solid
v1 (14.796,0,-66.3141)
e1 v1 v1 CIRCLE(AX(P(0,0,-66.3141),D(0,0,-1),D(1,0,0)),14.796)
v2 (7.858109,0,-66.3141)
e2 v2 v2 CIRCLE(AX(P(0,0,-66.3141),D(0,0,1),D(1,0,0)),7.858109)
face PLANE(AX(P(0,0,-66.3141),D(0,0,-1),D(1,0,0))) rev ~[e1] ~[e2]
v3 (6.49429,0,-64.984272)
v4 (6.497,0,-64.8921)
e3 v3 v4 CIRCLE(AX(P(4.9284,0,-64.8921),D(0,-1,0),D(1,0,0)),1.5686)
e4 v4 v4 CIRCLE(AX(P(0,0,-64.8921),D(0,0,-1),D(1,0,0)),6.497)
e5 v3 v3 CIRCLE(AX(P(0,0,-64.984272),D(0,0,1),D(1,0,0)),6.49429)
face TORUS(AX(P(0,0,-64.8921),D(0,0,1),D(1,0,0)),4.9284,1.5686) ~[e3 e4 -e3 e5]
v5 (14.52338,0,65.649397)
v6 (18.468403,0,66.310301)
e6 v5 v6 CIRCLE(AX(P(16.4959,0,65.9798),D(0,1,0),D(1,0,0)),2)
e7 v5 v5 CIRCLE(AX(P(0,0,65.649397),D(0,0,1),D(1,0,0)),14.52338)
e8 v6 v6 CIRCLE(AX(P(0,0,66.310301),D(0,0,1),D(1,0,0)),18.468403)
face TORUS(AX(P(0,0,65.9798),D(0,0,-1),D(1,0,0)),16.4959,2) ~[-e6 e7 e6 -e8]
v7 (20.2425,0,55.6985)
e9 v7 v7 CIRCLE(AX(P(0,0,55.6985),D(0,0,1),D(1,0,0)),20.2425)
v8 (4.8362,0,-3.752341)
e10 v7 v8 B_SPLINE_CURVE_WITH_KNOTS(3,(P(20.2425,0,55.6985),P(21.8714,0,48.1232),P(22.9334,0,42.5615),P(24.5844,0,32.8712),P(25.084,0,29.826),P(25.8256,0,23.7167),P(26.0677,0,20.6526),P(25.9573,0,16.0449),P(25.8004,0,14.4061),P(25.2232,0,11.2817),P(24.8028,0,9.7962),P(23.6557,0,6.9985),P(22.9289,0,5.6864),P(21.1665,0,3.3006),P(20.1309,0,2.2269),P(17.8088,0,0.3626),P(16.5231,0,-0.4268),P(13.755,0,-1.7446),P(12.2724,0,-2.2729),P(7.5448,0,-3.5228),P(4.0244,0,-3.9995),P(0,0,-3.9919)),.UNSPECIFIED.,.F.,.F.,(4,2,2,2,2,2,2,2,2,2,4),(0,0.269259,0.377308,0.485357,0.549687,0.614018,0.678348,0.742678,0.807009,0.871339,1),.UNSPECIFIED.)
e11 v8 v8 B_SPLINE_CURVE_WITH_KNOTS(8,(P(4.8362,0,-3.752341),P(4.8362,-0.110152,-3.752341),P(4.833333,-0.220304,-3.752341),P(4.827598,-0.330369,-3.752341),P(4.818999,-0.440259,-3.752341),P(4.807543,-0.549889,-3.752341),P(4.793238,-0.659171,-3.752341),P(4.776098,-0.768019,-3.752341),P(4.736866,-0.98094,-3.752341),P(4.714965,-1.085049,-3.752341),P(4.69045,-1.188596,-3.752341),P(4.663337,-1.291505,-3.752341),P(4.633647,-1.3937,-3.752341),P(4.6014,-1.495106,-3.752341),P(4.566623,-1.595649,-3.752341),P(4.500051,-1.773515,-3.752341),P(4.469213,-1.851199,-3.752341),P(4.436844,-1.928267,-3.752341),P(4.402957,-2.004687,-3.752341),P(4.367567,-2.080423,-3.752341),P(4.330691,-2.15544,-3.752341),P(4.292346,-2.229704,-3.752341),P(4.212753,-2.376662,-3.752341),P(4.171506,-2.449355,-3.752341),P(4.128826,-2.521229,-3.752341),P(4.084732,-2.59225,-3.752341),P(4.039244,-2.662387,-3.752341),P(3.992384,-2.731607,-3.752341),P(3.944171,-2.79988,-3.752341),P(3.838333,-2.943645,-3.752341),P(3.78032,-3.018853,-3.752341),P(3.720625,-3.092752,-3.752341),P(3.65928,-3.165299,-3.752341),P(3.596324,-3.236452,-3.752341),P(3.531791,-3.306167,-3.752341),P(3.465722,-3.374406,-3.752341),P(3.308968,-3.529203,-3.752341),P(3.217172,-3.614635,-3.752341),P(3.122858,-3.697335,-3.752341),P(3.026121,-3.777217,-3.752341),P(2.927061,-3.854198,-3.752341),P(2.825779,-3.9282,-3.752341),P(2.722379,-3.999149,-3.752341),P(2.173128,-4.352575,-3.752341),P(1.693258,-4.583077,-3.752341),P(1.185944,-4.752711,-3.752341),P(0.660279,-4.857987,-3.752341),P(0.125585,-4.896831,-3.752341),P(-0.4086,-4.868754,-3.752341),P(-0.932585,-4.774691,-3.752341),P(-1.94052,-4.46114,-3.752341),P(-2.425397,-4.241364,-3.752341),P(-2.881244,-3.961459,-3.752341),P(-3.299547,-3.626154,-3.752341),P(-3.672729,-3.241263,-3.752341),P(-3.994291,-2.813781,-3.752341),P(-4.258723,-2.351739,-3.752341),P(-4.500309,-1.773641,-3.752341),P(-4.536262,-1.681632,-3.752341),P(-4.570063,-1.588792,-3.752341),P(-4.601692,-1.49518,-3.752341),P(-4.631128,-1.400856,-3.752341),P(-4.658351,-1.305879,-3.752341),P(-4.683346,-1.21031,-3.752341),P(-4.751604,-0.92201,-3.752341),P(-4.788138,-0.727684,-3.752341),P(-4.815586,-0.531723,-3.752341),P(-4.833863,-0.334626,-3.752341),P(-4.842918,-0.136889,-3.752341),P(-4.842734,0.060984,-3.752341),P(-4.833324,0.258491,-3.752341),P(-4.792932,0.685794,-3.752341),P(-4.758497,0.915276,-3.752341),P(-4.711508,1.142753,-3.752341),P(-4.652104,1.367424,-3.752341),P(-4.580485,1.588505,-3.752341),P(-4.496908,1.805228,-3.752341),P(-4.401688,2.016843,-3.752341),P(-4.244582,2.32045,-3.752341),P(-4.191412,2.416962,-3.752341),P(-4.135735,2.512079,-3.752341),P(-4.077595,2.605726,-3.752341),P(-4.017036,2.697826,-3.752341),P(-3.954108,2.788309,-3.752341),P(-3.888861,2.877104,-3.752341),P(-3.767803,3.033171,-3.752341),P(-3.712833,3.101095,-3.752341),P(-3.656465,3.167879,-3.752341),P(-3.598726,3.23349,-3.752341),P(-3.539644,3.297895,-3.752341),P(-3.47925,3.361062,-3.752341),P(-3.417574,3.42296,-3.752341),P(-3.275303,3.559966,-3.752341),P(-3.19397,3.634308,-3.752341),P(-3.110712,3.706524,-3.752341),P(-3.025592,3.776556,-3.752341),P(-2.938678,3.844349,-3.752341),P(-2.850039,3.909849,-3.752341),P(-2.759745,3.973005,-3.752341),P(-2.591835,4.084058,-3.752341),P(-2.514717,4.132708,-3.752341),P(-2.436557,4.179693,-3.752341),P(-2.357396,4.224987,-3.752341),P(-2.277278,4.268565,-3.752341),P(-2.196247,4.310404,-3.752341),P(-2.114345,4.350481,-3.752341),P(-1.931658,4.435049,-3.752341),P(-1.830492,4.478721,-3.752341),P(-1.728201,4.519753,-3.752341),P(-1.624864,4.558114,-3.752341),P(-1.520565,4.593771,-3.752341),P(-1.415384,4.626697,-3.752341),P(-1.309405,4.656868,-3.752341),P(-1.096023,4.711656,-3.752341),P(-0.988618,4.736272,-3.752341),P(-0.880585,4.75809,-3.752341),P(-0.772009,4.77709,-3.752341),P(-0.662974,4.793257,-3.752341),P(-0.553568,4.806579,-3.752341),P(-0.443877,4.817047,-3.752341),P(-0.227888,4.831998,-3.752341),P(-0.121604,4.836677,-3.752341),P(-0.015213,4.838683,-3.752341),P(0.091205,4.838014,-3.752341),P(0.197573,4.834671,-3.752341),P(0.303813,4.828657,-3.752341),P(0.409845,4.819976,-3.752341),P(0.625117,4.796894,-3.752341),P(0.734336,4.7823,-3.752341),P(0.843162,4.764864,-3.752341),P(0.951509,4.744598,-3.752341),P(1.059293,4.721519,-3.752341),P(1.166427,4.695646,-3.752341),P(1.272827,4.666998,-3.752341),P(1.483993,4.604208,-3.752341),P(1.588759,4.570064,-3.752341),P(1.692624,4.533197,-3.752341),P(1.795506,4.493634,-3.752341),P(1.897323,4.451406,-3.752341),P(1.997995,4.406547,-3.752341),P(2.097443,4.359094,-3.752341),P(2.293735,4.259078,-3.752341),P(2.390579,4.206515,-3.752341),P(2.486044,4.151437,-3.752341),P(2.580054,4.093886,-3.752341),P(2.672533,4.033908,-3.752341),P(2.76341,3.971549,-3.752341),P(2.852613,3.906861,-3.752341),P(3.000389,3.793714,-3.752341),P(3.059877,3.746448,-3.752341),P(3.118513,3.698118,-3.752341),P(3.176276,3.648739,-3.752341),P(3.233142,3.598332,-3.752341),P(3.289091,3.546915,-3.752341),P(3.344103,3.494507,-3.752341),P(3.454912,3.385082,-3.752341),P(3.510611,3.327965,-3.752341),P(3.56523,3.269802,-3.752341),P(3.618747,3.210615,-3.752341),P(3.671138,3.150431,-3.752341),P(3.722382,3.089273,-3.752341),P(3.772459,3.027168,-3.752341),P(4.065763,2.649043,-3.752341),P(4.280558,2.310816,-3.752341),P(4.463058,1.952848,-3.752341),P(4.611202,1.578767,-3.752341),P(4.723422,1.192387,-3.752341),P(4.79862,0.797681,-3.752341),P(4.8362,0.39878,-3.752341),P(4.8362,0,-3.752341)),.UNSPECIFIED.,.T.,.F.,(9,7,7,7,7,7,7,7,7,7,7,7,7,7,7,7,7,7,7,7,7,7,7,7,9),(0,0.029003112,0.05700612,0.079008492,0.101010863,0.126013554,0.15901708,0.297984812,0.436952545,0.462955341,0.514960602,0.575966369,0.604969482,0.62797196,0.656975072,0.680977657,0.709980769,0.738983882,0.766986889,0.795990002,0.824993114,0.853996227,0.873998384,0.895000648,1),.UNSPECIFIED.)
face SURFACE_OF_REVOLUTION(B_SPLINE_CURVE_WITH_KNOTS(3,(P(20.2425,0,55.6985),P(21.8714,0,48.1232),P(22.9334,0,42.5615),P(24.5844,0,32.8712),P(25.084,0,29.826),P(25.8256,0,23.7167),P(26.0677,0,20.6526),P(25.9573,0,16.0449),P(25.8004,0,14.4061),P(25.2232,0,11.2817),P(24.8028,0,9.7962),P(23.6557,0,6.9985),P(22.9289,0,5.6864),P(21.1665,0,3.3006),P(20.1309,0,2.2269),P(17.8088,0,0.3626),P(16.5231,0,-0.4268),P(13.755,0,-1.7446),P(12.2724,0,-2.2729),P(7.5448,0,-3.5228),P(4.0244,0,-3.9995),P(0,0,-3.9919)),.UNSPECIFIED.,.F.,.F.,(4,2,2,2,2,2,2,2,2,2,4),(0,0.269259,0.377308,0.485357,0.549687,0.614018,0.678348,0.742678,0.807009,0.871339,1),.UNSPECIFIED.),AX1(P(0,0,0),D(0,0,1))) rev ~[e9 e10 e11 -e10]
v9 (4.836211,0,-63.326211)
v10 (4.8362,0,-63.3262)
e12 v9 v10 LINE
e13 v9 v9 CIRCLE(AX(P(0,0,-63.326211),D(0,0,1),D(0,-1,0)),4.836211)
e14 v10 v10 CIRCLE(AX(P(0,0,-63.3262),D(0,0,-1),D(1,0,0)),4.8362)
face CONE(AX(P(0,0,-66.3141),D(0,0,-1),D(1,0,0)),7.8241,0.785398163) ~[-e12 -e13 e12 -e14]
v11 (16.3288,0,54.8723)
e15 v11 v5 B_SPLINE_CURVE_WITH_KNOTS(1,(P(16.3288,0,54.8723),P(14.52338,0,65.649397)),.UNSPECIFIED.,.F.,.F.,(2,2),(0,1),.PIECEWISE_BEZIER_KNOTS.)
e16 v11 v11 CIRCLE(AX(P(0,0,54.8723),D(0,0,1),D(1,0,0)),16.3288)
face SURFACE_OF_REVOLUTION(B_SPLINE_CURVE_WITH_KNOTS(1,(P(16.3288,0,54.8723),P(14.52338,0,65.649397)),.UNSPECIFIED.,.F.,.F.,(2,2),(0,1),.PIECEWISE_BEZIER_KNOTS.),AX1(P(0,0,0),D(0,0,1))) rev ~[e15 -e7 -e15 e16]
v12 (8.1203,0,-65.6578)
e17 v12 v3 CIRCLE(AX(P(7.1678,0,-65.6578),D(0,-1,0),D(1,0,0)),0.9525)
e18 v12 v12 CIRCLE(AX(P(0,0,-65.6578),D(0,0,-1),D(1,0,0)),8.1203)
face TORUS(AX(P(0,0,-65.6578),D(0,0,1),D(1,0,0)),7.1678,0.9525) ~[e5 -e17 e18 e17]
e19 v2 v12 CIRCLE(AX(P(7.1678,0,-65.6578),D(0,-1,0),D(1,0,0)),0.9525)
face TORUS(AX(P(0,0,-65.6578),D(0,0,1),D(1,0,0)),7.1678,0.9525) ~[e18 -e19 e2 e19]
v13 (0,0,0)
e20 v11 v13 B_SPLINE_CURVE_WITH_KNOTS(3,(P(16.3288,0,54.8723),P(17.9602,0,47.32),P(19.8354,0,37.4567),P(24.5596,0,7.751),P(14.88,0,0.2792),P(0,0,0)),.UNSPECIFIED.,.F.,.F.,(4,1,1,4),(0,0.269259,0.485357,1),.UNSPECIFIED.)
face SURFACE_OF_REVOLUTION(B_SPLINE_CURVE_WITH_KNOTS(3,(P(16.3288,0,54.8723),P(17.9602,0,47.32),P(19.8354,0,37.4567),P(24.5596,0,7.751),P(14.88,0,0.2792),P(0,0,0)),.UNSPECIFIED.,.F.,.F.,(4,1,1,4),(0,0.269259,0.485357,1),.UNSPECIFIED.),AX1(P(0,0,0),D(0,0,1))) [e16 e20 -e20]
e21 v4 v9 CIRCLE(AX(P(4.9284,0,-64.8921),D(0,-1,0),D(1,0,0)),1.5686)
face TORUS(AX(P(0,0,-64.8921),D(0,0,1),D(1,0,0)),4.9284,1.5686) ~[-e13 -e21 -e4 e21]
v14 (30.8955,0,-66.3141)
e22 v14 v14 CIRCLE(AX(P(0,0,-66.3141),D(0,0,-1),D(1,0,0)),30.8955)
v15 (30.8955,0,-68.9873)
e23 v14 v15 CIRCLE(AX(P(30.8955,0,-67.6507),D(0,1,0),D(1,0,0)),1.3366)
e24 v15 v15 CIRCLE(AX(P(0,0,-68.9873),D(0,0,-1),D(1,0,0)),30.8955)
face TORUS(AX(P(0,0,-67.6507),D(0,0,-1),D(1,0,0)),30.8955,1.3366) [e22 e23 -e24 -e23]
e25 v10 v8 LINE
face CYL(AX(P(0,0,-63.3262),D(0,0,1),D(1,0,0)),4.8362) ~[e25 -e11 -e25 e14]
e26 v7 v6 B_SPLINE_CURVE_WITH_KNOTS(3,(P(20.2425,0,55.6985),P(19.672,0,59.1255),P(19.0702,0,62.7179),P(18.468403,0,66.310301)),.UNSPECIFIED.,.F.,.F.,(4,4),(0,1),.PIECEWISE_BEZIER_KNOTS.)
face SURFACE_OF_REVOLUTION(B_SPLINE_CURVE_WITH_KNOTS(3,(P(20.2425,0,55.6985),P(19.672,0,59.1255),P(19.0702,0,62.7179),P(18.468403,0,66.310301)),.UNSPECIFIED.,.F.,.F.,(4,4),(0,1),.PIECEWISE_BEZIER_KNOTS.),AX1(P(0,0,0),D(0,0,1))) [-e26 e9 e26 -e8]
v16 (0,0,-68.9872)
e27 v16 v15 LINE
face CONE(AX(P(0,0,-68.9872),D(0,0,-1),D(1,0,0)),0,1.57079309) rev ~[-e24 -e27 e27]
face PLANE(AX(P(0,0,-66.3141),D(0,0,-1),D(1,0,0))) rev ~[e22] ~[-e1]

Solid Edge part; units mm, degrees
sketch "Sketch1" plane through (0, 0, 0) normal (0, -1, 0) x (1, 0, 0)
  spline S0 degree 3 poles (20.2425, 55.6985) (21.8714, 48.1232) (22.9334, 42.5615) (24.5844, 32.8712) (25.084, 29.826) (25.8256, 23.7167) (26.0677, 20.6526) (25.9573, 16.0449) (25.8004, 14.4061) (25.2232, 11.2817) (24.8028, 9.7962) (23.6557, 6.9985) (22.9289, 5.6864) (21.1665, 3.3006) (20.1309, 2.2269) (17.8088, 0.3626) (16.5231, -0.4268) (13.755, -1.7446) (12.2724, -2.2729) (7.5448, -3.5228) (4.0244, -3.9995) (0, -3.9919) knots 0 0 0 0 0.269259 0.269259 0.377308 0.377308 0.485357 0.485357 0.549687 0.549687 0.614018 0.614018 0.678348 0.678348 0.742678 0.742678 0.807009 0.807009 0.871339 0.871339 1 1 1 1
  line L0 (0, -3.9919) -> (0, 0)
  spline S1 degree 3 poles (16.3288, 54.8723) (17.9602, 47.32) (19.8354, 37.4567) (24.5596, 7.751) (14.88, 0.2792) (0, 0) knots 0 0 0 0 0.269259 0.485357 1 1 1 1
  spline S2 degree 1 poles (16.3288, 54.8723) (14.5234, 65.6494) knots 0 0 1 1
  spline S3 degree 3 poles (20.2425, 55.6985) (19.672, 59.1255) (19.0702, 62.7179) (18.4684, 66.3103) knots 0 0 0 0 1 1 1 1
  arc A0 (14.5234, 65.6494) -> (18.4684, 66.3103) centre (16.4959, 65.9798) cw
revolve "RevolvedProtrusion1" add sketch "Sketch1" angle 360 about axis through (0, 0, 0) along (0, 0, 1)
sketch "Sketch2" plane through (0, 0, 0) normal (0, -1, 0) x (1, 0, 0)
  line L0 (30.8955, -66.3141) -> (14.796, -66.3141)
  line L1 (14.796, -66.3141) -> (7.8241, -66.3141)
  line L2 (7.8241, -66.3141) -> (4.8362, -63.3262)
  line L3 (4.8362, -63.3262) -> (4.8362, -3.749)
  line L4 (4.8362, -3.749) -> (4.8362, -1.1768)
  line L5 (4.8362, -1.1768) -> (0, -1.9959)
  line L6 (0, -1.9959) -> (0, -3.9919)
  line L7 (0, -3.9919) -> (0, -68.9872)
  line L8 (0, -68.9872) -> (30.8955, -68.9872)
  arc A0 (30.8955, -66.3141) -> (30.8955, -68.9873) centre (30.8955, -67.6507) cw
revolve "RevolvedProtrusion2" add sketch "Sketch2" angle 360 about axis through (0, 0, -3.9919) along (0, 0, -1)
sketch "Sketch3" plane through (0, 0, 0) normal (0, -1, 0) x (1, 0, 0)
  circle A0 centre (7.1678, -65.6578) radius 0.9525
revolve "RevolvedProtrusion3" add sketch "Sketch3" angle 360 about axis through (0, 0, 0) along (0, 0, -1)
sketch "Sketch4" plane through (0, 0, 0) normal (0, -1, 0) x (1, 0, 0)
  circle A0 centre (4.9284, -64.8921) radius 1.5686
revolve "RevolvedProtrusion4" add sketch "Sketch4" angle 360 about axis through (0, 0, 0) along (0, 0, -1)
